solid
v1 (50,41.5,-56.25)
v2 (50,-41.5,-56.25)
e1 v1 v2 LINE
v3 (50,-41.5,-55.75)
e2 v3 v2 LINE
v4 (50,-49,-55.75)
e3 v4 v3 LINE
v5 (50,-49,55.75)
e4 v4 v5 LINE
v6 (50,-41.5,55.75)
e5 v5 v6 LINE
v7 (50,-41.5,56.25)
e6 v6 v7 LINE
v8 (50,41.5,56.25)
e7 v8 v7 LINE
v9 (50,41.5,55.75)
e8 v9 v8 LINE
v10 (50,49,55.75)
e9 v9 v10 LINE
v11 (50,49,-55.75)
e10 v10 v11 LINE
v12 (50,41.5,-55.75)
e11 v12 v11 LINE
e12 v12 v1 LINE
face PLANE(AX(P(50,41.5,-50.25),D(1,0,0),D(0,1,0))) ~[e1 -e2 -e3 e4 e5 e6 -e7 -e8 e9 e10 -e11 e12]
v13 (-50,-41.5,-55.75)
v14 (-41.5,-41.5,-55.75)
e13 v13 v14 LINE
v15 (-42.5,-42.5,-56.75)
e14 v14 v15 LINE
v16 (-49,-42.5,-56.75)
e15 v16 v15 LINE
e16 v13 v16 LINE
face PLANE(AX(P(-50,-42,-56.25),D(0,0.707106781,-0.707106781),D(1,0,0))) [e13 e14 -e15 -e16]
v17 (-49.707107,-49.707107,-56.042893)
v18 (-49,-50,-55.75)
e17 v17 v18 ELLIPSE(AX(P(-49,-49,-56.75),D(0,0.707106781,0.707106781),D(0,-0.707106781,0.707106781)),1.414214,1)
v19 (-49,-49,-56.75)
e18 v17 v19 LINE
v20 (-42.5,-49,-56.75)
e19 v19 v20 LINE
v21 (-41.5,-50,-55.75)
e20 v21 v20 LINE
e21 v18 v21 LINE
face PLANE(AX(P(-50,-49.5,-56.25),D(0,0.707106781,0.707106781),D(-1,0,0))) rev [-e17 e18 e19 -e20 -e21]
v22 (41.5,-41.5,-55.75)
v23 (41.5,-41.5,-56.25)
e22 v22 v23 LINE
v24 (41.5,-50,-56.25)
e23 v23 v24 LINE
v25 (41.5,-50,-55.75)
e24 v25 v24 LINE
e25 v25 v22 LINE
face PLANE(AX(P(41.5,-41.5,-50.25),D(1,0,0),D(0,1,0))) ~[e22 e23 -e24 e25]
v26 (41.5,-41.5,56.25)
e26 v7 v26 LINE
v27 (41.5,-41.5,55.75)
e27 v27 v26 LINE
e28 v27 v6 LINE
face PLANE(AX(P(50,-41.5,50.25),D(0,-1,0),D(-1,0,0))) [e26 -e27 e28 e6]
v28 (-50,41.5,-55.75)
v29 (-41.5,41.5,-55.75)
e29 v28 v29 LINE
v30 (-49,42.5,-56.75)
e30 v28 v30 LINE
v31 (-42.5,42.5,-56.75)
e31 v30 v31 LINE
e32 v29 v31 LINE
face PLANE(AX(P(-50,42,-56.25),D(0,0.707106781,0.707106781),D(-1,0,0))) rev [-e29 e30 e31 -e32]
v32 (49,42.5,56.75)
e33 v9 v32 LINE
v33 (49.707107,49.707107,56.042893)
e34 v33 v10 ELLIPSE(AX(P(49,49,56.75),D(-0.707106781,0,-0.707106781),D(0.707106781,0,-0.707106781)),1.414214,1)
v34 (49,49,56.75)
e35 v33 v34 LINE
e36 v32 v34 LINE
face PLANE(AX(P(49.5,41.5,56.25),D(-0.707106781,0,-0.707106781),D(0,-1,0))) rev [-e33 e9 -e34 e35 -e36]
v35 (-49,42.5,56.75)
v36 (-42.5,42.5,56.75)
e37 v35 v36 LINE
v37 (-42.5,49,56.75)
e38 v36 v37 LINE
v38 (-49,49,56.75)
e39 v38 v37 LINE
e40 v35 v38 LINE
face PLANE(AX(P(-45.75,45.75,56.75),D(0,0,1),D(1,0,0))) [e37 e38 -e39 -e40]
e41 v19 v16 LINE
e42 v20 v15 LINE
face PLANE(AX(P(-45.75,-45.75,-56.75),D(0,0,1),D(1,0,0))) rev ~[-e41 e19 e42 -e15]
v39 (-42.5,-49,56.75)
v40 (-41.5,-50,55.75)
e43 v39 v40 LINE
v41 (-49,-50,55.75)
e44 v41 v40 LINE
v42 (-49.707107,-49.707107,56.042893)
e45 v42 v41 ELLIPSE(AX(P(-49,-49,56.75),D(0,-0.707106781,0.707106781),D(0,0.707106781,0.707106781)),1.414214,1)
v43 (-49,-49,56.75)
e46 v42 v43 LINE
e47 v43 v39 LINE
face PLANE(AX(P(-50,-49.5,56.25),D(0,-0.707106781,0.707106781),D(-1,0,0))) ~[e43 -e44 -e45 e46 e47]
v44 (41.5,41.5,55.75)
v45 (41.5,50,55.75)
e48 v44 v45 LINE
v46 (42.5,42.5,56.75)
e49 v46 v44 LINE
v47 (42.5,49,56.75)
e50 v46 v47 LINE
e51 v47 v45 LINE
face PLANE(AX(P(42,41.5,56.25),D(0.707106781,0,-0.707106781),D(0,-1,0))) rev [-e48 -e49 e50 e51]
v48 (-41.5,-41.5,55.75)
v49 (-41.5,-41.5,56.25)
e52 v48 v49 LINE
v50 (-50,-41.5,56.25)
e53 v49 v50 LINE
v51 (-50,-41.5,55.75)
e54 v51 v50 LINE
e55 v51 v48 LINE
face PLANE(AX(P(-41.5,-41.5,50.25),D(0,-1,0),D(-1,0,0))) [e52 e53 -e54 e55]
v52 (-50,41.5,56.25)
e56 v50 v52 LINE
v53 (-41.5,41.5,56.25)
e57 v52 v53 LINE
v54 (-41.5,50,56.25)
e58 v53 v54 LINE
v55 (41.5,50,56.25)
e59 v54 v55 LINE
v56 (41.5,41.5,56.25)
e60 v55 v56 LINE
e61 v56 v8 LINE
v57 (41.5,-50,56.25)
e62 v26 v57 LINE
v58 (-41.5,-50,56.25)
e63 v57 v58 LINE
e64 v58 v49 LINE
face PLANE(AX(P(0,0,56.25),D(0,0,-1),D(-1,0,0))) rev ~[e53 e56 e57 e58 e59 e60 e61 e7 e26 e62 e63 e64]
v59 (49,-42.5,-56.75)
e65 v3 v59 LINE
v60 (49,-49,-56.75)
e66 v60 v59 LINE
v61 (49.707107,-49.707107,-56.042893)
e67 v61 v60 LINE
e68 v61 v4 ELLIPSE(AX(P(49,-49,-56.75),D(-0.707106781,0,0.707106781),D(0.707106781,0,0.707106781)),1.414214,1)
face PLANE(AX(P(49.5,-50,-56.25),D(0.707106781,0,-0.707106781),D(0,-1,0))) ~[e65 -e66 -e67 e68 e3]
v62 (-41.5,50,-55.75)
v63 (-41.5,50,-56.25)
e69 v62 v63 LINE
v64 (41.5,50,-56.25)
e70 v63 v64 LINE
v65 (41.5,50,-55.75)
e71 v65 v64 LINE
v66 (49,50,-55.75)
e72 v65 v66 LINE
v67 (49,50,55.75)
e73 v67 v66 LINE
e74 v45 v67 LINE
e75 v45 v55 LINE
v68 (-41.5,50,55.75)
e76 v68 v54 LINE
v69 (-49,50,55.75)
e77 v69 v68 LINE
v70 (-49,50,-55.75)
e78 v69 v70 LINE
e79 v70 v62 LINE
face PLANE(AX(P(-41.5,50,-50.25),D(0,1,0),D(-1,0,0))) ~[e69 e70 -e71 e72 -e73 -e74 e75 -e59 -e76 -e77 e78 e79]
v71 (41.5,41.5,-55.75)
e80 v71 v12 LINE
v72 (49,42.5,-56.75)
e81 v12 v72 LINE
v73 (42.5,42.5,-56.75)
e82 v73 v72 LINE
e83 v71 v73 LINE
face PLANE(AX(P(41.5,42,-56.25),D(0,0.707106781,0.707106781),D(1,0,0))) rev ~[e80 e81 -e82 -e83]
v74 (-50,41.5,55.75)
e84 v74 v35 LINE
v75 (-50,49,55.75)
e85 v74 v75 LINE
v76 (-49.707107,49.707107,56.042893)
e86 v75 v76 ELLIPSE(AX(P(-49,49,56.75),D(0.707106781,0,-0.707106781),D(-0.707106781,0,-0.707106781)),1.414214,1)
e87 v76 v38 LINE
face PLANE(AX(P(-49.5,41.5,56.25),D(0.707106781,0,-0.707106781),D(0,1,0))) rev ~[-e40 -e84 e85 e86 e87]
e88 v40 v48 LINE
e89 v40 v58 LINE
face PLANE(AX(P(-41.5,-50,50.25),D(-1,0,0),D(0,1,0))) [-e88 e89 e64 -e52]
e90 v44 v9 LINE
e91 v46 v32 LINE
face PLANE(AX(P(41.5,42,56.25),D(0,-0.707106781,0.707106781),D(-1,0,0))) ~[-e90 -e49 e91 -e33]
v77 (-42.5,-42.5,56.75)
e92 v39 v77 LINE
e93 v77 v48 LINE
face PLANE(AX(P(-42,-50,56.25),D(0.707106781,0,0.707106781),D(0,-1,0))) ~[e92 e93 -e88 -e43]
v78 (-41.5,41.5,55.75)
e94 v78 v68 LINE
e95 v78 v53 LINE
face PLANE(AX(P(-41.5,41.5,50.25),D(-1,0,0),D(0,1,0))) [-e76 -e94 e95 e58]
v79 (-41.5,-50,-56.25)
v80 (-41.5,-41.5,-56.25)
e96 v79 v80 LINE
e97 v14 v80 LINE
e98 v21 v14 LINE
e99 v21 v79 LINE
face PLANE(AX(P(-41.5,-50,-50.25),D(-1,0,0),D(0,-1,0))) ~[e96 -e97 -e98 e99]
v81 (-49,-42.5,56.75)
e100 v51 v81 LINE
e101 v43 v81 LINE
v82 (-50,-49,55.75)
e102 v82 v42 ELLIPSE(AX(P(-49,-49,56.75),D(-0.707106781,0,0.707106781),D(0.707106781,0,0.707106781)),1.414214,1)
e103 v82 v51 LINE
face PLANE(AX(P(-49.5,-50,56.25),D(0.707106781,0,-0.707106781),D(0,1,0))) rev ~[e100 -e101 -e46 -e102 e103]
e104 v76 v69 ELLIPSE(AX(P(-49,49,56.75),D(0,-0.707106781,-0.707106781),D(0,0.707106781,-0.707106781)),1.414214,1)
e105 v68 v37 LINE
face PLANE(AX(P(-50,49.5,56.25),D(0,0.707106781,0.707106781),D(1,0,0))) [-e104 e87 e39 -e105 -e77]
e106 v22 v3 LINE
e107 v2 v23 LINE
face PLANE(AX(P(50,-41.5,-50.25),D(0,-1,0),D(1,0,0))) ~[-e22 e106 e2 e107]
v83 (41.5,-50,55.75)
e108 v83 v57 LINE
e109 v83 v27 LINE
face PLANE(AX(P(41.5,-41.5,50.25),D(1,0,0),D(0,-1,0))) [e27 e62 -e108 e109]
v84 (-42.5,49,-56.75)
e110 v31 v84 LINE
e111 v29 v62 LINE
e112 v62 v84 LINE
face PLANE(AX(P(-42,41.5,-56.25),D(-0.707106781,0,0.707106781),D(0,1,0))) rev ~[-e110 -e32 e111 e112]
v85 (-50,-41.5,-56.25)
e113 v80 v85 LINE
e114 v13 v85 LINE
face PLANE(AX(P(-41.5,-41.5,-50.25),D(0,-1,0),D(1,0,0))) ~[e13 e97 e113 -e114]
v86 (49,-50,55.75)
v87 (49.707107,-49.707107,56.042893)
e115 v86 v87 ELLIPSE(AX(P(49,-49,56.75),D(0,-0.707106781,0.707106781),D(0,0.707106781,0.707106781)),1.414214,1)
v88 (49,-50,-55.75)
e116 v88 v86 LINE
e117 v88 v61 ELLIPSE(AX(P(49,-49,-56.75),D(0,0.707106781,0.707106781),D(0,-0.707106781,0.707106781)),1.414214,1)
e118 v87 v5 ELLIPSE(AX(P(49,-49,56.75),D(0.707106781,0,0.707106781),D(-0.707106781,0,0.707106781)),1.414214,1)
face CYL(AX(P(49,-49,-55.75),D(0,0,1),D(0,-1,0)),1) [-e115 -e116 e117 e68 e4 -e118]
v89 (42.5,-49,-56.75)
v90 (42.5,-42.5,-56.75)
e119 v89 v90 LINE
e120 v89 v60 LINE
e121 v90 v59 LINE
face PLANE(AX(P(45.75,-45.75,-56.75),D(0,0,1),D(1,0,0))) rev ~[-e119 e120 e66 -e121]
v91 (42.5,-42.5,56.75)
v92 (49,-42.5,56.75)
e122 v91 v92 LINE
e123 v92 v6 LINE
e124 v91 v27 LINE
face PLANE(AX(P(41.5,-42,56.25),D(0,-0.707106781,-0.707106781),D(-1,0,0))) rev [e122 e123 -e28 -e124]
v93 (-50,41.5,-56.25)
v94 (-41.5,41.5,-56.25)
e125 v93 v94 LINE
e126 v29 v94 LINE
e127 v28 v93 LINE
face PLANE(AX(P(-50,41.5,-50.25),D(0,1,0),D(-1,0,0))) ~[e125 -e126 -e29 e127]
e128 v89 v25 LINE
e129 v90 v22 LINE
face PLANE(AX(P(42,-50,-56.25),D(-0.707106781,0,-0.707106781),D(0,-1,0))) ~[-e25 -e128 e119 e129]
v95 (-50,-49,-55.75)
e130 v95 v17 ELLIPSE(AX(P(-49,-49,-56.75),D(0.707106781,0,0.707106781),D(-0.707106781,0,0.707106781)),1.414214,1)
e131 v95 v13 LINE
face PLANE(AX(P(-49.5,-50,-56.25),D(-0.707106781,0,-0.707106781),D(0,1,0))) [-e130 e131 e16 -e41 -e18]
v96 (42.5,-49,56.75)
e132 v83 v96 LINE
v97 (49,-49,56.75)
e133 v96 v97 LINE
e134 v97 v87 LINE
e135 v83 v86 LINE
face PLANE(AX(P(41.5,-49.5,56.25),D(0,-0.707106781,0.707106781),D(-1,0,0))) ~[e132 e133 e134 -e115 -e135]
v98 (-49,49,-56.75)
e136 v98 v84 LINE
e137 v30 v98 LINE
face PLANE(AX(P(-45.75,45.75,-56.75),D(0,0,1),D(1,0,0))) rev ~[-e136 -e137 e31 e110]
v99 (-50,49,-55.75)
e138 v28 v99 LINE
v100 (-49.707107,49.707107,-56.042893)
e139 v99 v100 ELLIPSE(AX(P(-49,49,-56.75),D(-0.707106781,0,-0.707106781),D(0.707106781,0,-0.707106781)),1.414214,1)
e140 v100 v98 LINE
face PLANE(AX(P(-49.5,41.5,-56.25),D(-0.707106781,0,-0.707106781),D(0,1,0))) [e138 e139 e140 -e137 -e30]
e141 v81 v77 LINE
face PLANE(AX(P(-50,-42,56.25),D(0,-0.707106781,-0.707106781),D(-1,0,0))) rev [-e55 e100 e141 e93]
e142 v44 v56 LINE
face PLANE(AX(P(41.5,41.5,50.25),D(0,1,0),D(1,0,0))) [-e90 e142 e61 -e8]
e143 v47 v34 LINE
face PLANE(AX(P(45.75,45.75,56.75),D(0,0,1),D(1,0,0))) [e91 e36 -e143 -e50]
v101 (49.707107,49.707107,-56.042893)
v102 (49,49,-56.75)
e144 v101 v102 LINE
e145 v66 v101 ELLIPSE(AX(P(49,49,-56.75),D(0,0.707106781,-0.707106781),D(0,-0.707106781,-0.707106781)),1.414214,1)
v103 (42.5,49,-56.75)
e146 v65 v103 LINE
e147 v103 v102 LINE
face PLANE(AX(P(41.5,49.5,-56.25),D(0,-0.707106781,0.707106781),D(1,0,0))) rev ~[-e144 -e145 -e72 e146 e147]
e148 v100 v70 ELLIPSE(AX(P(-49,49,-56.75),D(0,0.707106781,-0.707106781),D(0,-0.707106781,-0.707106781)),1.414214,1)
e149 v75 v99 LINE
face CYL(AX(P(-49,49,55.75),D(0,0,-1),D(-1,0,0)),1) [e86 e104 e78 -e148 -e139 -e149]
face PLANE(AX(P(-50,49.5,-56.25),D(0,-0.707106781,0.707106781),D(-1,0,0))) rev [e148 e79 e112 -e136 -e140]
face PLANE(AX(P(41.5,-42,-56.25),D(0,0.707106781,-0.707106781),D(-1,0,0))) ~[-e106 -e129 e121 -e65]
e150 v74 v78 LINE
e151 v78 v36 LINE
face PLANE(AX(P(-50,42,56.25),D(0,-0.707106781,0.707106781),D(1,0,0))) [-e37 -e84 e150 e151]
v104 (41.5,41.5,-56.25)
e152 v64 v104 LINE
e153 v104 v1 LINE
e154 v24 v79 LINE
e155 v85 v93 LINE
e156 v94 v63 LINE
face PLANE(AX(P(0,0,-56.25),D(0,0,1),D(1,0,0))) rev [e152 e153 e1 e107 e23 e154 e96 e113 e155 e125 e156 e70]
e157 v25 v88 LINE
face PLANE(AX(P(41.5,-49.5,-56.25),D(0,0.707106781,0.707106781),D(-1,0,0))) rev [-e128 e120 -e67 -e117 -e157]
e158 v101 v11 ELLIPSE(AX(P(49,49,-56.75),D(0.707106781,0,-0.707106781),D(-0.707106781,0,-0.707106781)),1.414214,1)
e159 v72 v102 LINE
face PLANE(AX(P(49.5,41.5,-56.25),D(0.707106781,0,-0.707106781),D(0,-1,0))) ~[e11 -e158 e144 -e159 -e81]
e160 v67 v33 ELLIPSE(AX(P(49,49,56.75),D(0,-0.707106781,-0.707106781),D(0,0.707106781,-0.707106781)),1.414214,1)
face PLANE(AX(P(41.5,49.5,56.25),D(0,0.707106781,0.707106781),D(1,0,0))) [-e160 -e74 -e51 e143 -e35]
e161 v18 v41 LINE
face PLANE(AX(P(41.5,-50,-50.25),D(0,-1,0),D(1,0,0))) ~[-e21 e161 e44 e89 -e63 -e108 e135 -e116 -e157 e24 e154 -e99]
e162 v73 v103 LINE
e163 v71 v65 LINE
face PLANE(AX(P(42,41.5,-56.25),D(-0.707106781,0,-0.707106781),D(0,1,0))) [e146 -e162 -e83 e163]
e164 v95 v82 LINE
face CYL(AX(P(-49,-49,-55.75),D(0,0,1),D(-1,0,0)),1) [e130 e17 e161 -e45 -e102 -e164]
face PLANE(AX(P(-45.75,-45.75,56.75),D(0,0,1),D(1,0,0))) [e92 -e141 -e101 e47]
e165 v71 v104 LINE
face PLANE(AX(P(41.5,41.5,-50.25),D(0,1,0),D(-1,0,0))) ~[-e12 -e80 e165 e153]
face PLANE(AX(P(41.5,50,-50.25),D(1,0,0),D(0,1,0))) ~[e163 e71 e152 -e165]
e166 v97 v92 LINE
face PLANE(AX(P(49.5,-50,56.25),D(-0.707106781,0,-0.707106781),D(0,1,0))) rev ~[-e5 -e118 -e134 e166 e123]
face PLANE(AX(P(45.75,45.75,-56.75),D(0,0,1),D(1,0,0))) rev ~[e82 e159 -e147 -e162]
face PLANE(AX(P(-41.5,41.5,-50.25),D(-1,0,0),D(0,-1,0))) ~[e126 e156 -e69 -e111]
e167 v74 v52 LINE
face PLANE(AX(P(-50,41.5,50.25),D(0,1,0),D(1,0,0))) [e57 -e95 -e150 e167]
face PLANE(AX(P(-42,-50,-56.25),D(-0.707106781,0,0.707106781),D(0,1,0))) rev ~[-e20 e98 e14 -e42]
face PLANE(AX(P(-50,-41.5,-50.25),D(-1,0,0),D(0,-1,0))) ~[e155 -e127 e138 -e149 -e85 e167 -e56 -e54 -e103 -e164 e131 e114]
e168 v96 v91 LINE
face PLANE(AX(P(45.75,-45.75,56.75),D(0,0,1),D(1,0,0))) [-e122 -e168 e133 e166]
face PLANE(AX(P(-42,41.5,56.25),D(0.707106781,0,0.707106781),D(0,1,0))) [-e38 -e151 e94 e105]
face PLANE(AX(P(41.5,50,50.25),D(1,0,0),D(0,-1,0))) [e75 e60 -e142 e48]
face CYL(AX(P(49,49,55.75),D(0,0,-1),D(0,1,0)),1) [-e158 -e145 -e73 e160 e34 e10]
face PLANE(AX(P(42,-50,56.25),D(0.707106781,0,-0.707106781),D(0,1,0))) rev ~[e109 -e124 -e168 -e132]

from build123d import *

# Parameters (mm, degrees)
BOSS_EXTRUDE1_DEPTH        = 56.75
BOSS_EXTRUDE1_DEPTH_BACK   = 56.75
SKETCH1_W                  = 8.5
SKETCH1_H                  = 8.5
BOSS_EXTRUDE1_2_DEPTH      = 56.75
BOSS_EXTRUDE1_2_DEPTH_BACK = 56.75
BOSS_EXTRUDE1_3_DEPTH      = 56.75
BOSS_EXTRUDE1_3_DEPTH_BACK = 56.75
BOSS_EXTRUDE1_4_DEPTH      = 56.75
BOSS_EXTRUDE1_4_DEPTH_BACK = 56.75
BOSS_EXTRUDE2_DEPTH        = 50.25
BOSS_EXTRUDE2_DEPTH_BACK   = 50.25
SKETCH2_W                  = 100
SKETCH2_H                  = 100
CHAMFER2_SIZE              = 1
FILLET1_R                  = 1
BOSS_EXTRUDE3_DEPTH        = 6


with BuildPart() as part:
    # Sketch1 → Boss-Extrude1 (new, two sides: drawn at the far end of the back side and taken through both)
    with BuildSketch(Plane.XY.offset(-BOSS_EXTRUDE1_DEPTH_BACK)):
        with Locations((-45.75, 45.75)):
            Rectangle(SKETCH1_W, SKETCH1_H)
    extrude(amount=BOSS_EXTRUDE1_DEPTH + BOSS_EXTRUDE1_DEPTH_BACK)



with BuildPart() as body_2:
    # Sketch1 → Boss-Extrude1 2 (new, two sides: drawn at the far end of the back side and taken through both)
    with BuildSketch(Plane.XY.offset(-BOSS_EXTRUDE1_2_DEPTH_BACK)):
        with Locations((45.75, 45.75)):
            Rectangle(SKETCH1_W, SKETCH1_H)
    extrude(amount=BOSS_EXTRUDE1_2_DEPTH + BOSS_EXTRUDE1_2_DEPTH_BACK)


with BuildPart() as body_3:
    # Sketch1 → Boss-Extrude1 3 (new, two sides: drawn at the far end of the back side and taken through both)
    with BuildSketch(Plane.XY.offset(-BOSS_EXTRUDE1_3_DEPTH_BACK)):
        with Locations((45.75, -45.75)):
            Rectangle(SKETCH1_W, SKETCH1_H)
    extrude(amount=BOSS_EXTRUDE1_3_DEPTH + BOSS_EXTRUDE1_3_DEPTH_BACK)


with BuildPart() as body_4:
    # Sketch1 → Boss-Extrude1 4 (new, two sides: drawn at the far end of the back side and taken through both)
    with BuildSketch(Plane.XY.offset(-BOSS_EXTRUDE1_4_DEPTH_BACK)):
        with Locations((-45.75, -45.75)):
            Rectangle(SKETCH1_W, SKETCH1_H)
    extrude(amount=BOSS_EXTRUDE1_4_DEPTH + BOSS_EXTRUDE1_4_DEPTH_BACK)


with BuildPart() as part_1:
    add(part.part)

    add(body_2.part)  # Boss-Extrude2 merges body 2

    add(body_3.part)  # Boss-Extrude2 merges body 3

    add(body_4.part)  # Boss-Extrude2 merges body 4
    # Sketch2 → Boss-Extrude2 (add, two sides: drawn at the far end of the back side and taken through both)
    with BuildSketch(Plane.XY.offset(-BOSS_EXTRUDE2_DEPTH_BACK)):
        Rectangle(SKETCH2_W, SKETCH2_H)
    extrude(amount=BOSS_EXTRUDE2_DEPTH + BOSS_EXTRUDE2_DEPTH_BACK)

    # Chamfer2
    chamfer2_edges = [part_1.edges().sort_by_distance(p)[0] for p in [
        (-45.75, -41.5, 56.75),
        (-41.5, -45.75, 56.75),
        (-45.75, -50, 56.75),
        (-50, -45.75, 56.75),
        (41.5, -45.75, 56.75),
        (45.75, -41.5, 56.75),
        (50, -45.75, 56.75),
        (45.75, -50, 56.75),
        (45.75, 41.5, 56.75),
        (41.5, 45.75, 56.75),
        (45.75, 50, 56.75),
        (50, 45.75, 56.75),
        (-41.5, 45.75, 56.75),
        (-45.75, 41.5, 56.75),
        (-50, 45.75, 56.75),
        (-45.75, 50, 56.75),
        (41.5, 45.75, -56.75),
        (45.75, 41.5, -56.75),
        (50, 45.75, -56.75),
        (45.75, 50, -56.75),
        (-45.75, 41.5, -56.75),
        (-41.5, 45.75, -56.75),
        (-45.75, 50, -56.75),
        (-50, 45.75, -56.75),
        (-41.5, -45.75, -56.75),
        (-45.75, -41.5, -56.75),
        (-50, -45.75, -56.75),
        (-45.75, -50, -56.75),
        (45.75, -41.5, -56.75),
        (41.5, -45.75, -56.75),
        (45.75, -50, -56.75),
        (50, -45.75, -56.75),
    ]]
    chamfer(chamfer2_edges, length=CHAMFER2_SIZE)

    # Fillet1
    fillet1_edges = [part_1.edges().sort_by_distance(p)[0] for p in [
        (50, -50, 0),
        (-50, -50, 0),
        (-50, 50, 0),
        (50, 50, 0),
    ]]
    fillet(fillet1_edges, radius=FILLET1_R)

    # Sketch3 → Boss-Extrude3 (add)
    with BuildSketch(Plane.XY.offset(50.25)):
        Polygon((-41.5, 50), (41.5, 50), (41.5, 41.5), (50, 41.5), (50, -41.5), (41.5, -41.5), (41.5, -50), (-41.5, -50), (-41.5, -41.5), (-50, -41.5), (-50, 41.5), (-41.5, 41.5), align=None)
    boss_extrude3 = extrude(amount=BOSS_EXTRUDE3_DEPTH)

    # Mirror1: Boss-Extrude3 across plane
    add(boss_extrude3.mirror(Plane.XY))


solid = part_1.part
